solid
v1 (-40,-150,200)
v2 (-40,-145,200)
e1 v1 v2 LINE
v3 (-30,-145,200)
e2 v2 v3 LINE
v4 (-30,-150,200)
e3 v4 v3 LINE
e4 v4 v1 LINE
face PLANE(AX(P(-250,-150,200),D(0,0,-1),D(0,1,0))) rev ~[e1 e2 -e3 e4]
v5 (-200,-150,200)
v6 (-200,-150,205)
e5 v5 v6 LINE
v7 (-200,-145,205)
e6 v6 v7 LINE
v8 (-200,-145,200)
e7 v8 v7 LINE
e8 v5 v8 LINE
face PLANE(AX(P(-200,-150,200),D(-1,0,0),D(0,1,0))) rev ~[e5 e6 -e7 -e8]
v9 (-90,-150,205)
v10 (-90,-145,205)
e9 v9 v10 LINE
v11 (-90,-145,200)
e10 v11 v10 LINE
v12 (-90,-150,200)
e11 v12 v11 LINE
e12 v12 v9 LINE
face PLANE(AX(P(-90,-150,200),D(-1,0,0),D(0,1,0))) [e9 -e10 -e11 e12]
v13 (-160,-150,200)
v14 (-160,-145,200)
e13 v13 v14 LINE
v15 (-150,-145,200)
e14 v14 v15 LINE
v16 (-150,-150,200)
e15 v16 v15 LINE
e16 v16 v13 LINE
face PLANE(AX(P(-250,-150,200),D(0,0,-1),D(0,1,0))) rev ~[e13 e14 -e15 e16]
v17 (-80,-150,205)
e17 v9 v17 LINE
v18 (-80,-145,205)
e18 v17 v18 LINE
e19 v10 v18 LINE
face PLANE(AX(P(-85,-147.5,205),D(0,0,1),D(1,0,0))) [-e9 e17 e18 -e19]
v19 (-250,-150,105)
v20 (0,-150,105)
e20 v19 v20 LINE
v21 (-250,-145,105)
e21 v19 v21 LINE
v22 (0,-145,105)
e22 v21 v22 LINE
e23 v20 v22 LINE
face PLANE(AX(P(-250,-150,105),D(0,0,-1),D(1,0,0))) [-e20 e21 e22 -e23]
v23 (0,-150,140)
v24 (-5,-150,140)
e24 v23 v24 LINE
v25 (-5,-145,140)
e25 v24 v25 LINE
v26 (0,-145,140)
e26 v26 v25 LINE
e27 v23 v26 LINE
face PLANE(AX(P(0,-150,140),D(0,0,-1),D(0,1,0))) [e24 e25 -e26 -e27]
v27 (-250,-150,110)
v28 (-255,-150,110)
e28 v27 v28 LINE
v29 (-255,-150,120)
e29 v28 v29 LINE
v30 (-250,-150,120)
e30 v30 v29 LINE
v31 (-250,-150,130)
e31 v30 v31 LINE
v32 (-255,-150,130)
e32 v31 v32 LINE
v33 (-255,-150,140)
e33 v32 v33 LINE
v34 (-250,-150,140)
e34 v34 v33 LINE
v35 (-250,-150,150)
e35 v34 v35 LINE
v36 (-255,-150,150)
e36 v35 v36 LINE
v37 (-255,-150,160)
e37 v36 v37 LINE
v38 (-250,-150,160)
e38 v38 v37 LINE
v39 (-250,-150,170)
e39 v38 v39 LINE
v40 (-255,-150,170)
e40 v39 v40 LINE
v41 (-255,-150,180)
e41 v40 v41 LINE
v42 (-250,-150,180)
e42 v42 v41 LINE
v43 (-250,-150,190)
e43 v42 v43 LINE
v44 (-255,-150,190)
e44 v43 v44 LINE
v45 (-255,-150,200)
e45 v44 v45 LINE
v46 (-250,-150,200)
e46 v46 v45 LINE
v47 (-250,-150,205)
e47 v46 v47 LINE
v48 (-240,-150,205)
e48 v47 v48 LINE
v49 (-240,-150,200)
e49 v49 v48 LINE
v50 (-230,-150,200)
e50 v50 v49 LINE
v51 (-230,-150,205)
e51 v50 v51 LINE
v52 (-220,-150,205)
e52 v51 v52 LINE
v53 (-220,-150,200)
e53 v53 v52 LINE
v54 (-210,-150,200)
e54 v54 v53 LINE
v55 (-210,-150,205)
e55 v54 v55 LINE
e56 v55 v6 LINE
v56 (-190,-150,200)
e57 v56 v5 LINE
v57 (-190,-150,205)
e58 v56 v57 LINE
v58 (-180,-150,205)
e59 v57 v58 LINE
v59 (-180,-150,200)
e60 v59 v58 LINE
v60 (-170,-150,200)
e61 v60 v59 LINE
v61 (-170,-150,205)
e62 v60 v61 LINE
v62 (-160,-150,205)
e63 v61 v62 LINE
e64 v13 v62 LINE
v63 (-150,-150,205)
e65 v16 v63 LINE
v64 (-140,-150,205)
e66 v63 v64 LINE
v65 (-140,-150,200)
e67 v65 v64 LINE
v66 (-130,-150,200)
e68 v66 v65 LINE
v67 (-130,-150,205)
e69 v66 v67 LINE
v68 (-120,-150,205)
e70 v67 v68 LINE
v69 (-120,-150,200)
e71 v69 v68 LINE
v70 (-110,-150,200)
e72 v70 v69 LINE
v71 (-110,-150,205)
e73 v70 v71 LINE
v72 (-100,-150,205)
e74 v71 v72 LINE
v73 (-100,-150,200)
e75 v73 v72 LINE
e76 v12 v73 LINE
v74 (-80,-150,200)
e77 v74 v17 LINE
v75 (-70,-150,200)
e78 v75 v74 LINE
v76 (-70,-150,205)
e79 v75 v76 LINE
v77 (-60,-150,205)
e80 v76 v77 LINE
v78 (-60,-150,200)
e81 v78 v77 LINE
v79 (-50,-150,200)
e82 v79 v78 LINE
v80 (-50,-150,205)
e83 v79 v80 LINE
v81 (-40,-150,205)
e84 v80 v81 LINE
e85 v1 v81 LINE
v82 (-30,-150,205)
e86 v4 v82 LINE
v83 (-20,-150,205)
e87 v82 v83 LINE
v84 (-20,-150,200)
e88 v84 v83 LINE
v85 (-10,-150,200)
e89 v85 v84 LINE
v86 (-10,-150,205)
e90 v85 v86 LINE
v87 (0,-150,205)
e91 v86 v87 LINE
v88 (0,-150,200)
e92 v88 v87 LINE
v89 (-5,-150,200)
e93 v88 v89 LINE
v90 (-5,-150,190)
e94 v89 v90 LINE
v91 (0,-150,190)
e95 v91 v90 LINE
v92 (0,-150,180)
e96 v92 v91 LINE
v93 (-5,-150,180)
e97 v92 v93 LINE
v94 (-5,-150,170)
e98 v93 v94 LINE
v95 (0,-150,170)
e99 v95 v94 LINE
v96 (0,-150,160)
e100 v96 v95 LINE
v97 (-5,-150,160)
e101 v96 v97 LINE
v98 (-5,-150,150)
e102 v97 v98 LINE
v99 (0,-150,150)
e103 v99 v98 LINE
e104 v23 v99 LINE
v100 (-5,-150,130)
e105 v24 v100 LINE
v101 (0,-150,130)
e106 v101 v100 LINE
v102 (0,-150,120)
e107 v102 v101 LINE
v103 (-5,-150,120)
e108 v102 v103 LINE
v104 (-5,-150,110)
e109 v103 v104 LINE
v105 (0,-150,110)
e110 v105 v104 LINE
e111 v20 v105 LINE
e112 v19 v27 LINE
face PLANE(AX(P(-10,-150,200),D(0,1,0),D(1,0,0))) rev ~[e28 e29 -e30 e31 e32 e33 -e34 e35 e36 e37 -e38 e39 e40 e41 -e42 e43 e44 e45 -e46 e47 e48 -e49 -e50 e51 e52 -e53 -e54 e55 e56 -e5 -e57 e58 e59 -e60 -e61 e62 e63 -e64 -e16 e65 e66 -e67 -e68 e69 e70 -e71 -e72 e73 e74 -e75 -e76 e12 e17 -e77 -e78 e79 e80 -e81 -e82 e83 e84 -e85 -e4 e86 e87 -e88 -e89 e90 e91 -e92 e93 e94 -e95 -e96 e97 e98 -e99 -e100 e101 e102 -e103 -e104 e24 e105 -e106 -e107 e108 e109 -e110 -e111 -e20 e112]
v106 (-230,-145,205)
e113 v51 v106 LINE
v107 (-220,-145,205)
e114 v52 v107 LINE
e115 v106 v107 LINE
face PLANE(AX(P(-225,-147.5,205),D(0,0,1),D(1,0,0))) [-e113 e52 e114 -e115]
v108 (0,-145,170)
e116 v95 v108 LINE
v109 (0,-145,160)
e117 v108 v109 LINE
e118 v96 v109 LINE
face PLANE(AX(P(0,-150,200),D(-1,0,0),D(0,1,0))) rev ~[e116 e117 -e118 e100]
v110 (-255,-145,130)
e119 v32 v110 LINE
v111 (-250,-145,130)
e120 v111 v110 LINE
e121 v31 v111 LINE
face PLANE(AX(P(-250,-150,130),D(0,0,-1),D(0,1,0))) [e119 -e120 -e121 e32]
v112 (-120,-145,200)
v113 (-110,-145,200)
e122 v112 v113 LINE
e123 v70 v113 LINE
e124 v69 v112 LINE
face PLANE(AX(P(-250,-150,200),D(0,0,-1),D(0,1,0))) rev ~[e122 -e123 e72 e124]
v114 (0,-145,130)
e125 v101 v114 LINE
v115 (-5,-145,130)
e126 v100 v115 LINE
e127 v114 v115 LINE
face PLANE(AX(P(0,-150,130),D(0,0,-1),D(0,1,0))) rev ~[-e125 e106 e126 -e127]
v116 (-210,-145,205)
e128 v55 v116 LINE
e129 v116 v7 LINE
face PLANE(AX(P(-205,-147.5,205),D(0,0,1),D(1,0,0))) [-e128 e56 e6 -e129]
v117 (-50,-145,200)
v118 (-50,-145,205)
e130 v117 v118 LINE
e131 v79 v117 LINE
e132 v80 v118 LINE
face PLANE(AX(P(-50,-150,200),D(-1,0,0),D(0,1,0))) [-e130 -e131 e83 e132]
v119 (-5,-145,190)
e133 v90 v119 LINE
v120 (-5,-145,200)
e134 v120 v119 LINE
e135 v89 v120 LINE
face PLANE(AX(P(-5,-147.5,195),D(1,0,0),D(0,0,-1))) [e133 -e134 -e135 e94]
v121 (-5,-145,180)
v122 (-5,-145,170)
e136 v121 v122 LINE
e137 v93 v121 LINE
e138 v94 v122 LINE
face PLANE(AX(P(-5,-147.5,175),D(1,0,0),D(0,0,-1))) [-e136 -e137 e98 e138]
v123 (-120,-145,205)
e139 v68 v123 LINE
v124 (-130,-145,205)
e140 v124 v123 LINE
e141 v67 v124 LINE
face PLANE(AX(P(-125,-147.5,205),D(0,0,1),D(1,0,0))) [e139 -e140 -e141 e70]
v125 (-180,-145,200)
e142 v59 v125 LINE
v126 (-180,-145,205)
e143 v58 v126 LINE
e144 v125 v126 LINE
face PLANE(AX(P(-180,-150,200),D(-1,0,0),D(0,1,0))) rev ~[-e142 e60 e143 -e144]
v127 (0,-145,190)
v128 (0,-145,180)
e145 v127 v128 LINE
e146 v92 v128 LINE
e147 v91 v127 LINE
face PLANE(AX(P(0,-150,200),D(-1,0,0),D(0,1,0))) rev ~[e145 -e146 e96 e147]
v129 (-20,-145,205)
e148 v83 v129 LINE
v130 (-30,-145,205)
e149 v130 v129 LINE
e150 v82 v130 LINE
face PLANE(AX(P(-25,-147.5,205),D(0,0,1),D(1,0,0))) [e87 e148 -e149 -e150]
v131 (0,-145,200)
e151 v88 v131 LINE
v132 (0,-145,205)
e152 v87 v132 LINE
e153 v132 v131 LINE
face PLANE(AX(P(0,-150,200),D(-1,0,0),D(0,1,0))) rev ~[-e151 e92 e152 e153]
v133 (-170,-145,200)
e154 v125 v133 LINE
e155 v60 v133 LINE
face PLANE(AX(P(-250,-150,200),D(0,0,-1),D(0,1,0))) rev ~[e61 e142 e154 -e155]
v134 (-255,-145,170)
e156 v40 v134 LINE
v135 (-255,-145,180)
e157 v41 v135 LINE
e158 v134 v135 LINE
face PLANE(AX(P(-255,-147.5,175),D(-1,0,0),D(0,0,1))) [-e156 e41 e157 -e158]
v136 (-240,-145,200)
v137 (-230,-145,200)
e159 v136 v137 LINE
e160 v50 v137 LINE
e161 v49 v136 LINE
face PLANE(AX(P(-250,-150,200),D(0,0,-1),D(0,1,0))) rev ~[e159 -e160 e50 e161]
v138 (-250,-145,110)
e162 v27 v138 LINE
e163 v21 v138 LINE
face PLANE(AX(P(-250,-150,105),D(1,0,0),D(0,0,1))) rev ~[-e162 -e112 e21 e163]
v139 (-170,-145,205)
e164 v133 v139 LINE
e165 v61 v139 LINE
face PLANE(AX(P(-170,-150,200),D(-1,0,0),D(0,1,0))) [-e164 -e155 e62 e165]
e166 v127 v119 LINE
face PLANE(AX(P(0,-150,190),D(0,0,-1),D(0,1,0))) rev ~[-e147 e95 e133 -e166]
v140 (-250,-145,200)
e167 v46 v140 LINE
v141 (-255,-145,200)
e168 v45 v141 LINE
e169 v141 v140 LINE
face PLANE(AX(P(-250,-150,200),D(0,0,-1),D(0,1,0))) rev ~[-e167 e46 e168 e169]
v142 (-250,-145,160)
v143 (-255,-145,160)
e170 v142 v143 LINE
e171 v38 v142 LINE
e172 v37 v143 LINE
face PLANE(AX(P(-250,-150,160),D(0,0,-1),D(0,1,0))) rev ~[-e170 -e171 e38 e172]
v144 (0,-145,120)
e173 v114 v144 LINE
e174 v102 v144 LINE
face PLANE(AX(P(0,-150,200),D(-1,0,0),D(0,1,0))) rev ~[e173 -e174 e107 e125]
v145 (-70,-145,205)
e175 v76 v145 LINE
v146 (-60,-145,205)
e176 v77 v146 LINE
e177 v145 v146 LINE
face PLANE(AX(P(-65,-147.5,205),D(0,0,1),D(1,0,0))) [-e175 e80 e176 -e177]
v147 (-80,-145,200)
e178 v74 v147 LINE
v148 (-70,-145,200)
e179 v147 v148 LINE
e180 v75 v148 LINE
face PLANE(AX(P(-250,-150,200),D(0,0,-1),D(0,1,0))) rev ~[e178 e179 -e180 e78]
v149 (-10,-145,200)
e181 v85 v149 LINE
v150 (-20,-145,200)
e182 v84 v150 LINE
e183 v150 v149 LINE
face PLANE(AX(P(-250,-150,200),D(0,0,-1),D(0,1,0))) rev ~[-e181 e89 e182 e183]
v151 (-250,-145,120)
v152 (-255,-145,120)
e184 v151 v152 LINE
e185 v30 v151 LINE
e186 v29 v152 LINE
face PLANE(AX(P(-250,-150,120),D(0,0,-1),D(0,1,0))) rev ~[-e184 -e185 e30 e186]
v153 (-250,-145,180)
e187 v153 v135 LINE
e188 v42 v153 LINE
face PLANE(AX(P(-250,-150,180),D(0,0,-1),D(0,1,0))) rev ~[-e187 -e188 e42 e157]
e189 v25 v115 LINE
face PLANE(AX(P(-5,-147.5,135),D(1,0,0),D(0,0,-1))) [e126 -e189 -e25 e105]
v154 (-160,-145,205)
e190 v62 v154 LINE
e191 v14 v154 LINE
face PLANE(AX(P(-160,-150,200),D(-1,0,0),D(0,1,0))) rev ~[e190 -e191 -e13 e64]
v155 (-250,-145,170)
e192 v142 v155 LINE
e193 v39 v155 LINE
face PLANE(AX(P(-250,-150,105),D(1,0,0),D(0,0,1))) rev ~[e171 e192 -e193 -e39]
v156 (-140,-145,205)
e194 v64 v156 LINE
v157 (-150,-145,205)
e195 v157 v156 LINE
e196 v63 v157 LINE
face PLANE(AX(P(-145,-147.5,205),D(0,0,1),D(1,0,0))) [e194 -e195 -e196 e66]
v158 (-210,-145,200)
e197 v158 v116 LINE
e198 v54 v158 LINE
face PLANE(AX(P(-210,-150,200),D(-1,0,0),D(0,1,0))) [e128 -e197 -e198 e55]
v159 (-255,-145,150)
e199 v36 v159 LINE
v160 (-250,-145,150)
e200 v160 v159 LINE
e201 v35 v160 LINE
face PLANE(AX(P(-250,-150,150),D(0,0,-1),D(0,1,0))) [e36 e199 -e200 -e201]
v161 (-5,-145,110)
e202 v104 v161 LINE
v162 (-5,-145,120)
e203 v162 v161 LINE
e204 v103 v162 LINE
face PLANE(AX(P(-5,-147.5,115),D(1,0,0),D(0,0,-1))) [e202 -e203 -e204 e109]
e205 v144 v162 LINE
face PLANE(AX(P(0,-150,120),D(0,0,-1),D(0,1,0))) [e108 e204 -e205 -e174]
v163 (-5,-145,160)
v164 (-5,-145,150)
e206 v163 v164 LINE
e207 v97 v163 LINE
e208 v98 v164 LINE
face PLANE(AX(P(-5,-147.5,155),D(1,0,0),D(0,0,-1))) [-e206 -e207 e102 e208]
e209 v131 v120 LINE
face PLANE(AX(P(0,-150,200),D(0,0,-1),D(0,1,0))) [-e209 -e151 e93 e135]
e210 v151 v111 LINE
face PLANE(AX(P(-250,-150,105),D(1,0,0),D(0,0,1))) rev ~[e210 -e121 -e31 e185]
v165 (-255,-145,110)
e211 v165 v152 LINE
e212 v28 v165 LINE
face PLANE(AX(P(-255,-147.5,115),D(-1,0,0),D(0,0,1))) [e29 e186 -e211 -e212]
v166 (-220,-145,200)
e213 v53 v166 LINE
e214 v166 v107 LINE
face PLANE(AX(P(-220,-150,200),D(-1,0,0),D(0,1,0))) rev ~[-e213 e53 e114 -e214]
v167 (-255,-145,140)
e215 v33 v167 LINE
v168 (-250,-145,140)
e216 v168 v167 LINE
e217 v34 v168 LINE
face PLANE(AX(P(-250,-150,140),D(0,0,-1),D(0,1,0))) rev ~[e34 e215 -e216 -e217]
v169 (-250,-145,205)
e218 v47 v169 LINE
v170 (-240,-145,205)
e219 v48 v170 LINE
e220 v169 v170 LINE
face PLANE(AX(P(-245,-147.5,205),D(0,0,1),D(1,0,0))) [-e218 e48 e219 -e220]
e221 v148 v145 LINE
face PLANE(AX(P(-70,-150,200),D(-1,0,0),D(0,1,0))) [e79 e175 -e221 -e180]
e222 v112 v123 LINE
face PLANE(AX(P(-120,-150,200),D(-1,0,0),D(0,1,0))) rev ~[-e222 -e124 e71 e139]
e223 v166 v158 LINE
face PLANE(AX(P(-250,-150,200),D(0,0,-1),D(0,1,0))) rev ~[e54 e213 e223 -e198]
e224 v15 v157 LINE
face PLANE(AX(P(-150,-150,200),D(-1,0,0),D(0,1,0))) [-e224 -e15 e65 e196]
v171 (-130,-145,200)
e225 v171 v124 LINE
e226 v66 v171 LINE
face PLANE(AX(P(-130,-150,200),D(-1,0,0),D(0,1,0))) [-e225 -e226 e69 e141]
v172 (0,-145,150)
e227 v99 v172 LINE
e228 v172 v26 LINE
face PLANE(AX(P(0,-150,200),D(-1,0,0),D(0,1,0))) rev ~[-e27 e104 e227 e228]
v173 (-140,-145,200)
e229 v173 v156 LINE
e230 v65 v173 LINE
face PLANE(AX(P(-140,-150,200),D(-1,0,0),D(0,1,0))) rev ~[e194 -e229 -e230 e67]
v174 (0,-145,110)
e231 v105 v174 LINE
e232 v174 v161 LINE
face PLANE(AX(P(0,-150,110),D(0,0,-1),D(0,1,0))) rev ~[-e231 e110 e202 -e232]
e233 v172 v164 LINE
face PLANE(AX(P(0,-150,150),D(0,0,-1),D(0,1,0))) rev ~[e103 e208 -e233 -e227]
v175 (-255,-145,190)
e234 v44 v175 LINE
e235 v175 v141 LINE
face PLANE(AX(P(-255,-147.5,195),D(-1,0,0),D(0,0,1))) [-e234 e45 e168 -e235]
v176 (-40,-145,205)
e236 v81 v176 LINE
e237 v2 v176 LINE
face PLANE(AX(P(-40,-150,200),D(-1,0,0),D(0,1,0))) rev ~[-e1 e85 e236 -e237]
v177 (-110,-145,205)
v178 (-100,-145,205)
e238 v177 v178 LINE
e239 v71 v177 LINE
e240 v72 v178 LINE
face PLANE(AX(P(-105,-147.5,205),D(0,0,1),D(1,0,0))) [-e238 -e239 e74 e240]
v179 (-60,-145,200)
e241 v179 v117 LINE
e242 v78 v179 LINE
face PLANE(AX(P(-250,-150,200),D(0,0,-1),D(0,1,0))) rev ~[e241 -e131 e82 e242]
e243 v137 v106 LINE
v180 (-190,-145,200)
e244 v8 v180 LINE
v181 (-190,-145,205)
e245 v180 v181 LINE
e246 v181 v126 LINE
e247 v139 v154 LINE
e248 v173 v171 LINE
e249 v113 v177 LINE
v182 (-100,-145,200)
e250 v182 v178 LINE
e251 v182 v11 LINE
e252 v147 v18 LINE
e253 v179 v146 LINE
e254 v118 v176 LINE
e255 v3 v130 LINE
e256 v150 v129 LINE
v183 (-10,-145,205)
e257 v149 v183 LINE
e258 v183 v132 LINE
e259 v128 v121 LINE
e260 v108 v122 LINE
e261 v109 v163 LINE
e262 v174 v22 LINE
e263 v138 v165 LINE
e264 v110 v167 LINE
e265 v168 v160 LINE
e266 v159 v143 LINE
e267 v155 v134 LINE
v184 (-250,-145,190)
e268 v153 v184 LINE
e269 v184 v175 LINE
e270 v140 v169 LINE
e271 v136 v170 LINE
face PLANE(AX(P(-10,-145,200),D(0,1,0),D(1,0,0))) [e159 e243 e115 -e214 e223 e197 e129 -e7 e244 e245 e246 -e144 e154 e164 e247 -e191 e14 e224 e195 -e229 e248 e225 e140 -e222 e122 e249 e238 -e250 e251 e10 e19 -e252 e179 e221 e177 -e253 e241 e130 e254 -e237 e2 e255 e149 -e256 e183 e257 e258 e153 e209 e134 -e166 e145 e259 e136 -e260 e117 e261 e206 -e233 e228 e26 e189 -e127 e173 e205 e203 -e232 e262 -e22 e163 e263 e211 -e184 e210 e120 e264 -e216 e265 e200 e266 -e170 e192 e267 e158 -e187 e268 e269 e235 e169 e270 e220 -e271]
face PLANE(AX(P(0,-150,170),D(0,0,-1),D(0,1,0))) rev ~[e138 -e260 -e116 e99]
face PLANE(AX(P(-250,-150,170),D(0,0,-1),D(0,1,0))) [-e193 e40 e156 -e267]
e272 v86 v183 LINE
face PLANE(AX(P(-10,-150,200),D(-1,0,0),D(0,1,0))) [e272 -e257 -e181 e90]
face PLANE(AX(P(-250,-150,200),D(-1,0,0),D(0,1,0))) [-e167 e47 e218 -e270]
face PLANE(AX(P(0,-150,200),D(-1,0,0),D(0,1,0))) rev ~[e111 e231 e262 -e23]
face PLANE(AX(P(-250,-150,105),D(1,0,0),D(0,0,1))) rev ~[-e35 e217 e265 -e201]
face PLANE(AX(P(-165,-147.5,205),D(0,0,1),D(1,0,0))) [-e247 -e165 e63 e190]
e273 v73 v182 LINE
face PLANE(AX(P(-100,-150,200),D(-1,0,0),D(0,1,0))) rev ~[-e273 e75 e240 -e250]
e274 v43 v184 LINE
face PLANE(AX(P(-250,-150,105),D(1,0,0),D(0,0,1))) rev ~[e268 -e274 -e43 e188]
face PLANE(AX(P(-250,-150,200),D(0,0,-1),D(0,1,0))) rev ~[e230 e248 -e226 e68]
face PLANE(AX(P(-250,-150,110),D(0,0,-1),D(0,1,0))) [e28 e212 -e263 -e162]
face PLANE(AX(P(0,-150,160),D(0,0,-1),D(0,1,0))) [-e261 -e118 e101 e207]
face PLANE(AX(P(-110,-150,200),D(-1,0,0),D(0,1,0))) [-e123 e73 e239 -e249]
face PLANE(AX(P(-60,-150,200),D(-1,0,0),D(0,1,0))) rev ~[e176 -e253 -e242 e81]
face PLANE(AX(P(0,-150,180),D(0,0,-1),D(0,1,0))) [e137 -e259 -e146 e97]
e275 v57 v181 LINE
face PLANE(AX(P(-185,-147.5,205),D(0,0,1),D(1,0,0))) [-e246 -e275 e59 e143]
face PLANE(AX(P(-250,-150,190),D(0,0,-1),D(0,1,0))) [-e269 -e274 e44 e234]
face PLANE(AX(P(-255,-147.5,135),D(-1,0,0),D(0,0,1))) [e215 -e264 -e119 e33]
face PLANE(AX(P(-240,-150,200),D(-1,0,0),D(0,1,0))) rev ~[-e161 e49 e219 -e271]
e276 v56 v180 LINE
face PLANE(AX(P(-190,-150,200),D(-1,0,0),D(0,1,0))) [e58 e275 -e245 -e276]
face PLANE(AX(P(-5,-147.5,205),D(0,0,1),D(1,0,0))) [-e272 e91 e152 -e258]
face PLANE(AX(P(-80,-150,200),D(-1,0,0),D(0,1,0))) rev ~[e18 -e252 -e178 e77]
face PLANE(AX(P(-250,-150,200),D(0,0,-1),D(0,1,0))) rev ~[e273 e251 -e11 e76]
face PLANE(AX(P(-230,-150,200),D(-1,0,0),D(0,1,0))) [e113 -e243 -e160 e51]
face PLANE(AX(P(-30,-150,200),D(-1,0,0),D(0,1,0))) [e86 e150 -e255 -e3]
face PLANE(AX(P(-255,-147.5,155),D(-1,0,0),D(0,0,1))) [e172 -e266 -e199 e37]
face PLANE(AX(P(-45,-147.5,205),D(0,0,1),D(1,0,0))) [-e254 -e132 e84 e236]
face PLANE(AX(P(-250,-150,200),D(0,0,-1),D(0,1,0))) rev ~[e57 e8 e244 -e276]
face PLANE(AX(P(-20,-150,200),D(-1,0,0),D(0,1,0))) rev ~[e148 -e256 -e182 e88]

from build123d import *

# Parameters (mm, degrees)
SKETCH013_W             = 95
SKETCH013_H             = 250
PAD011_DEPTH            = 5
SKETCH036_W             = 10
SKETCH036_H             = 5
PAD028_DEPTH            = 5
LINEARPATTERN016_COUNT  = 5
LINEARPATTERN016_PITCH  = 20
SKETCH040_W             = 10
SKETCH040_H             = 5
PAD029_DEPTH            = 5
LINEARPATTERN020_COUNT  = 13
LINEARPATTERN020_PITCH  = 20
SKETCH049_W             = 10
SKETCH049_H             = 5
POCKET015_DEPTH         = 5
LINEARPATTERN029_COUNT  = 5
LINEARPATTERN029_PITCH  = 20
BODY011_PITCH_ANGLE     = -90
BODY011_PLACEMENT_ANGLE = -90


with BuildPart() as part:
    # Sketch013 → Pad011 (new body)
    with BuildSketch(Plane.XY):
        Rectangle(SKETCH013_W, SKETCH013_H)
    extrude(amount=PAD011_DEPTH)

    # Sketch036 (on DatumPlane) → Pad028 (join)
    with BuildSketch(Plane.XZ.offset(125)):
        with Locations((-37.5, 2.5)):
            Rectangle(SKETCH036_W, SKETCH036_H)
    pad028 = extrude(amount=PAD028_DEPTH)

    # LinearPattern016: Pad028 ×5
    with Locations(*[(i * LINEARPATTERN016_PITCH, 0, 0) for i in range(1, LINEARPATTERN016_COUNT)]):
        add(pad028)

    # Sketch040 (on DatumPlane) → Pad029 (join)
    with BuildSketch(Plane.YZ.offset(47.5)):
        with Locations((-120, 2.5)):
            Rectangle(SKETCH040_W, SKETCH040_H)
    pad029 = extrude(amount=PAD029_DEPTH)

    # LinearPattern020: Pad029 ×13
    with Locations(*[(0, i * LINEARPATTERN020_PITCH, 0) for i in range(1, LINEARPATTERN020_COUNT)]):
        add(pad029)

    # Sketch049 (on DatumPlane) → Pocket015 (cut)
    with BuildSketch(Plane(origin=(0, 125, 0), x_dir=(-1, 0, 0), z_dir=(0, 1, 0))):
        with Locations((-42.5, 2.5)):
            Rectangle(SKETCH049_W, SKETCH049_H)
    pocket015 = extrude(amount=-POCKET015_DEPTH, mode=Mode.SUBTRACT)

    # LinearPattern029: Pocket015 ×5
    with Locations(*[(-i * LINEARPATTERN029_PITCH, 0, 0) for i in range(1, LINEARPATTERN029_COUNT)]):
        add(pocket015, mode=Mode.SUBTRACT)


with BuildPart() as part_1:
    # Body011 pitch: moved
    add(part.part.rotate(Axis((0, 0, 0), (0, 1, 0)), BODY011_PITCH_ANGLE))


with BuildPart() as part_2:
    # Body011 placement: moved
    add(part_1.part.moved(Location((-125, -150, 152.5))).rotate(Axis((-125, -150, 152.5), (0, 0, 1)), BODY011_PLACEMENT_ANGLE))


solid = part_2.part
